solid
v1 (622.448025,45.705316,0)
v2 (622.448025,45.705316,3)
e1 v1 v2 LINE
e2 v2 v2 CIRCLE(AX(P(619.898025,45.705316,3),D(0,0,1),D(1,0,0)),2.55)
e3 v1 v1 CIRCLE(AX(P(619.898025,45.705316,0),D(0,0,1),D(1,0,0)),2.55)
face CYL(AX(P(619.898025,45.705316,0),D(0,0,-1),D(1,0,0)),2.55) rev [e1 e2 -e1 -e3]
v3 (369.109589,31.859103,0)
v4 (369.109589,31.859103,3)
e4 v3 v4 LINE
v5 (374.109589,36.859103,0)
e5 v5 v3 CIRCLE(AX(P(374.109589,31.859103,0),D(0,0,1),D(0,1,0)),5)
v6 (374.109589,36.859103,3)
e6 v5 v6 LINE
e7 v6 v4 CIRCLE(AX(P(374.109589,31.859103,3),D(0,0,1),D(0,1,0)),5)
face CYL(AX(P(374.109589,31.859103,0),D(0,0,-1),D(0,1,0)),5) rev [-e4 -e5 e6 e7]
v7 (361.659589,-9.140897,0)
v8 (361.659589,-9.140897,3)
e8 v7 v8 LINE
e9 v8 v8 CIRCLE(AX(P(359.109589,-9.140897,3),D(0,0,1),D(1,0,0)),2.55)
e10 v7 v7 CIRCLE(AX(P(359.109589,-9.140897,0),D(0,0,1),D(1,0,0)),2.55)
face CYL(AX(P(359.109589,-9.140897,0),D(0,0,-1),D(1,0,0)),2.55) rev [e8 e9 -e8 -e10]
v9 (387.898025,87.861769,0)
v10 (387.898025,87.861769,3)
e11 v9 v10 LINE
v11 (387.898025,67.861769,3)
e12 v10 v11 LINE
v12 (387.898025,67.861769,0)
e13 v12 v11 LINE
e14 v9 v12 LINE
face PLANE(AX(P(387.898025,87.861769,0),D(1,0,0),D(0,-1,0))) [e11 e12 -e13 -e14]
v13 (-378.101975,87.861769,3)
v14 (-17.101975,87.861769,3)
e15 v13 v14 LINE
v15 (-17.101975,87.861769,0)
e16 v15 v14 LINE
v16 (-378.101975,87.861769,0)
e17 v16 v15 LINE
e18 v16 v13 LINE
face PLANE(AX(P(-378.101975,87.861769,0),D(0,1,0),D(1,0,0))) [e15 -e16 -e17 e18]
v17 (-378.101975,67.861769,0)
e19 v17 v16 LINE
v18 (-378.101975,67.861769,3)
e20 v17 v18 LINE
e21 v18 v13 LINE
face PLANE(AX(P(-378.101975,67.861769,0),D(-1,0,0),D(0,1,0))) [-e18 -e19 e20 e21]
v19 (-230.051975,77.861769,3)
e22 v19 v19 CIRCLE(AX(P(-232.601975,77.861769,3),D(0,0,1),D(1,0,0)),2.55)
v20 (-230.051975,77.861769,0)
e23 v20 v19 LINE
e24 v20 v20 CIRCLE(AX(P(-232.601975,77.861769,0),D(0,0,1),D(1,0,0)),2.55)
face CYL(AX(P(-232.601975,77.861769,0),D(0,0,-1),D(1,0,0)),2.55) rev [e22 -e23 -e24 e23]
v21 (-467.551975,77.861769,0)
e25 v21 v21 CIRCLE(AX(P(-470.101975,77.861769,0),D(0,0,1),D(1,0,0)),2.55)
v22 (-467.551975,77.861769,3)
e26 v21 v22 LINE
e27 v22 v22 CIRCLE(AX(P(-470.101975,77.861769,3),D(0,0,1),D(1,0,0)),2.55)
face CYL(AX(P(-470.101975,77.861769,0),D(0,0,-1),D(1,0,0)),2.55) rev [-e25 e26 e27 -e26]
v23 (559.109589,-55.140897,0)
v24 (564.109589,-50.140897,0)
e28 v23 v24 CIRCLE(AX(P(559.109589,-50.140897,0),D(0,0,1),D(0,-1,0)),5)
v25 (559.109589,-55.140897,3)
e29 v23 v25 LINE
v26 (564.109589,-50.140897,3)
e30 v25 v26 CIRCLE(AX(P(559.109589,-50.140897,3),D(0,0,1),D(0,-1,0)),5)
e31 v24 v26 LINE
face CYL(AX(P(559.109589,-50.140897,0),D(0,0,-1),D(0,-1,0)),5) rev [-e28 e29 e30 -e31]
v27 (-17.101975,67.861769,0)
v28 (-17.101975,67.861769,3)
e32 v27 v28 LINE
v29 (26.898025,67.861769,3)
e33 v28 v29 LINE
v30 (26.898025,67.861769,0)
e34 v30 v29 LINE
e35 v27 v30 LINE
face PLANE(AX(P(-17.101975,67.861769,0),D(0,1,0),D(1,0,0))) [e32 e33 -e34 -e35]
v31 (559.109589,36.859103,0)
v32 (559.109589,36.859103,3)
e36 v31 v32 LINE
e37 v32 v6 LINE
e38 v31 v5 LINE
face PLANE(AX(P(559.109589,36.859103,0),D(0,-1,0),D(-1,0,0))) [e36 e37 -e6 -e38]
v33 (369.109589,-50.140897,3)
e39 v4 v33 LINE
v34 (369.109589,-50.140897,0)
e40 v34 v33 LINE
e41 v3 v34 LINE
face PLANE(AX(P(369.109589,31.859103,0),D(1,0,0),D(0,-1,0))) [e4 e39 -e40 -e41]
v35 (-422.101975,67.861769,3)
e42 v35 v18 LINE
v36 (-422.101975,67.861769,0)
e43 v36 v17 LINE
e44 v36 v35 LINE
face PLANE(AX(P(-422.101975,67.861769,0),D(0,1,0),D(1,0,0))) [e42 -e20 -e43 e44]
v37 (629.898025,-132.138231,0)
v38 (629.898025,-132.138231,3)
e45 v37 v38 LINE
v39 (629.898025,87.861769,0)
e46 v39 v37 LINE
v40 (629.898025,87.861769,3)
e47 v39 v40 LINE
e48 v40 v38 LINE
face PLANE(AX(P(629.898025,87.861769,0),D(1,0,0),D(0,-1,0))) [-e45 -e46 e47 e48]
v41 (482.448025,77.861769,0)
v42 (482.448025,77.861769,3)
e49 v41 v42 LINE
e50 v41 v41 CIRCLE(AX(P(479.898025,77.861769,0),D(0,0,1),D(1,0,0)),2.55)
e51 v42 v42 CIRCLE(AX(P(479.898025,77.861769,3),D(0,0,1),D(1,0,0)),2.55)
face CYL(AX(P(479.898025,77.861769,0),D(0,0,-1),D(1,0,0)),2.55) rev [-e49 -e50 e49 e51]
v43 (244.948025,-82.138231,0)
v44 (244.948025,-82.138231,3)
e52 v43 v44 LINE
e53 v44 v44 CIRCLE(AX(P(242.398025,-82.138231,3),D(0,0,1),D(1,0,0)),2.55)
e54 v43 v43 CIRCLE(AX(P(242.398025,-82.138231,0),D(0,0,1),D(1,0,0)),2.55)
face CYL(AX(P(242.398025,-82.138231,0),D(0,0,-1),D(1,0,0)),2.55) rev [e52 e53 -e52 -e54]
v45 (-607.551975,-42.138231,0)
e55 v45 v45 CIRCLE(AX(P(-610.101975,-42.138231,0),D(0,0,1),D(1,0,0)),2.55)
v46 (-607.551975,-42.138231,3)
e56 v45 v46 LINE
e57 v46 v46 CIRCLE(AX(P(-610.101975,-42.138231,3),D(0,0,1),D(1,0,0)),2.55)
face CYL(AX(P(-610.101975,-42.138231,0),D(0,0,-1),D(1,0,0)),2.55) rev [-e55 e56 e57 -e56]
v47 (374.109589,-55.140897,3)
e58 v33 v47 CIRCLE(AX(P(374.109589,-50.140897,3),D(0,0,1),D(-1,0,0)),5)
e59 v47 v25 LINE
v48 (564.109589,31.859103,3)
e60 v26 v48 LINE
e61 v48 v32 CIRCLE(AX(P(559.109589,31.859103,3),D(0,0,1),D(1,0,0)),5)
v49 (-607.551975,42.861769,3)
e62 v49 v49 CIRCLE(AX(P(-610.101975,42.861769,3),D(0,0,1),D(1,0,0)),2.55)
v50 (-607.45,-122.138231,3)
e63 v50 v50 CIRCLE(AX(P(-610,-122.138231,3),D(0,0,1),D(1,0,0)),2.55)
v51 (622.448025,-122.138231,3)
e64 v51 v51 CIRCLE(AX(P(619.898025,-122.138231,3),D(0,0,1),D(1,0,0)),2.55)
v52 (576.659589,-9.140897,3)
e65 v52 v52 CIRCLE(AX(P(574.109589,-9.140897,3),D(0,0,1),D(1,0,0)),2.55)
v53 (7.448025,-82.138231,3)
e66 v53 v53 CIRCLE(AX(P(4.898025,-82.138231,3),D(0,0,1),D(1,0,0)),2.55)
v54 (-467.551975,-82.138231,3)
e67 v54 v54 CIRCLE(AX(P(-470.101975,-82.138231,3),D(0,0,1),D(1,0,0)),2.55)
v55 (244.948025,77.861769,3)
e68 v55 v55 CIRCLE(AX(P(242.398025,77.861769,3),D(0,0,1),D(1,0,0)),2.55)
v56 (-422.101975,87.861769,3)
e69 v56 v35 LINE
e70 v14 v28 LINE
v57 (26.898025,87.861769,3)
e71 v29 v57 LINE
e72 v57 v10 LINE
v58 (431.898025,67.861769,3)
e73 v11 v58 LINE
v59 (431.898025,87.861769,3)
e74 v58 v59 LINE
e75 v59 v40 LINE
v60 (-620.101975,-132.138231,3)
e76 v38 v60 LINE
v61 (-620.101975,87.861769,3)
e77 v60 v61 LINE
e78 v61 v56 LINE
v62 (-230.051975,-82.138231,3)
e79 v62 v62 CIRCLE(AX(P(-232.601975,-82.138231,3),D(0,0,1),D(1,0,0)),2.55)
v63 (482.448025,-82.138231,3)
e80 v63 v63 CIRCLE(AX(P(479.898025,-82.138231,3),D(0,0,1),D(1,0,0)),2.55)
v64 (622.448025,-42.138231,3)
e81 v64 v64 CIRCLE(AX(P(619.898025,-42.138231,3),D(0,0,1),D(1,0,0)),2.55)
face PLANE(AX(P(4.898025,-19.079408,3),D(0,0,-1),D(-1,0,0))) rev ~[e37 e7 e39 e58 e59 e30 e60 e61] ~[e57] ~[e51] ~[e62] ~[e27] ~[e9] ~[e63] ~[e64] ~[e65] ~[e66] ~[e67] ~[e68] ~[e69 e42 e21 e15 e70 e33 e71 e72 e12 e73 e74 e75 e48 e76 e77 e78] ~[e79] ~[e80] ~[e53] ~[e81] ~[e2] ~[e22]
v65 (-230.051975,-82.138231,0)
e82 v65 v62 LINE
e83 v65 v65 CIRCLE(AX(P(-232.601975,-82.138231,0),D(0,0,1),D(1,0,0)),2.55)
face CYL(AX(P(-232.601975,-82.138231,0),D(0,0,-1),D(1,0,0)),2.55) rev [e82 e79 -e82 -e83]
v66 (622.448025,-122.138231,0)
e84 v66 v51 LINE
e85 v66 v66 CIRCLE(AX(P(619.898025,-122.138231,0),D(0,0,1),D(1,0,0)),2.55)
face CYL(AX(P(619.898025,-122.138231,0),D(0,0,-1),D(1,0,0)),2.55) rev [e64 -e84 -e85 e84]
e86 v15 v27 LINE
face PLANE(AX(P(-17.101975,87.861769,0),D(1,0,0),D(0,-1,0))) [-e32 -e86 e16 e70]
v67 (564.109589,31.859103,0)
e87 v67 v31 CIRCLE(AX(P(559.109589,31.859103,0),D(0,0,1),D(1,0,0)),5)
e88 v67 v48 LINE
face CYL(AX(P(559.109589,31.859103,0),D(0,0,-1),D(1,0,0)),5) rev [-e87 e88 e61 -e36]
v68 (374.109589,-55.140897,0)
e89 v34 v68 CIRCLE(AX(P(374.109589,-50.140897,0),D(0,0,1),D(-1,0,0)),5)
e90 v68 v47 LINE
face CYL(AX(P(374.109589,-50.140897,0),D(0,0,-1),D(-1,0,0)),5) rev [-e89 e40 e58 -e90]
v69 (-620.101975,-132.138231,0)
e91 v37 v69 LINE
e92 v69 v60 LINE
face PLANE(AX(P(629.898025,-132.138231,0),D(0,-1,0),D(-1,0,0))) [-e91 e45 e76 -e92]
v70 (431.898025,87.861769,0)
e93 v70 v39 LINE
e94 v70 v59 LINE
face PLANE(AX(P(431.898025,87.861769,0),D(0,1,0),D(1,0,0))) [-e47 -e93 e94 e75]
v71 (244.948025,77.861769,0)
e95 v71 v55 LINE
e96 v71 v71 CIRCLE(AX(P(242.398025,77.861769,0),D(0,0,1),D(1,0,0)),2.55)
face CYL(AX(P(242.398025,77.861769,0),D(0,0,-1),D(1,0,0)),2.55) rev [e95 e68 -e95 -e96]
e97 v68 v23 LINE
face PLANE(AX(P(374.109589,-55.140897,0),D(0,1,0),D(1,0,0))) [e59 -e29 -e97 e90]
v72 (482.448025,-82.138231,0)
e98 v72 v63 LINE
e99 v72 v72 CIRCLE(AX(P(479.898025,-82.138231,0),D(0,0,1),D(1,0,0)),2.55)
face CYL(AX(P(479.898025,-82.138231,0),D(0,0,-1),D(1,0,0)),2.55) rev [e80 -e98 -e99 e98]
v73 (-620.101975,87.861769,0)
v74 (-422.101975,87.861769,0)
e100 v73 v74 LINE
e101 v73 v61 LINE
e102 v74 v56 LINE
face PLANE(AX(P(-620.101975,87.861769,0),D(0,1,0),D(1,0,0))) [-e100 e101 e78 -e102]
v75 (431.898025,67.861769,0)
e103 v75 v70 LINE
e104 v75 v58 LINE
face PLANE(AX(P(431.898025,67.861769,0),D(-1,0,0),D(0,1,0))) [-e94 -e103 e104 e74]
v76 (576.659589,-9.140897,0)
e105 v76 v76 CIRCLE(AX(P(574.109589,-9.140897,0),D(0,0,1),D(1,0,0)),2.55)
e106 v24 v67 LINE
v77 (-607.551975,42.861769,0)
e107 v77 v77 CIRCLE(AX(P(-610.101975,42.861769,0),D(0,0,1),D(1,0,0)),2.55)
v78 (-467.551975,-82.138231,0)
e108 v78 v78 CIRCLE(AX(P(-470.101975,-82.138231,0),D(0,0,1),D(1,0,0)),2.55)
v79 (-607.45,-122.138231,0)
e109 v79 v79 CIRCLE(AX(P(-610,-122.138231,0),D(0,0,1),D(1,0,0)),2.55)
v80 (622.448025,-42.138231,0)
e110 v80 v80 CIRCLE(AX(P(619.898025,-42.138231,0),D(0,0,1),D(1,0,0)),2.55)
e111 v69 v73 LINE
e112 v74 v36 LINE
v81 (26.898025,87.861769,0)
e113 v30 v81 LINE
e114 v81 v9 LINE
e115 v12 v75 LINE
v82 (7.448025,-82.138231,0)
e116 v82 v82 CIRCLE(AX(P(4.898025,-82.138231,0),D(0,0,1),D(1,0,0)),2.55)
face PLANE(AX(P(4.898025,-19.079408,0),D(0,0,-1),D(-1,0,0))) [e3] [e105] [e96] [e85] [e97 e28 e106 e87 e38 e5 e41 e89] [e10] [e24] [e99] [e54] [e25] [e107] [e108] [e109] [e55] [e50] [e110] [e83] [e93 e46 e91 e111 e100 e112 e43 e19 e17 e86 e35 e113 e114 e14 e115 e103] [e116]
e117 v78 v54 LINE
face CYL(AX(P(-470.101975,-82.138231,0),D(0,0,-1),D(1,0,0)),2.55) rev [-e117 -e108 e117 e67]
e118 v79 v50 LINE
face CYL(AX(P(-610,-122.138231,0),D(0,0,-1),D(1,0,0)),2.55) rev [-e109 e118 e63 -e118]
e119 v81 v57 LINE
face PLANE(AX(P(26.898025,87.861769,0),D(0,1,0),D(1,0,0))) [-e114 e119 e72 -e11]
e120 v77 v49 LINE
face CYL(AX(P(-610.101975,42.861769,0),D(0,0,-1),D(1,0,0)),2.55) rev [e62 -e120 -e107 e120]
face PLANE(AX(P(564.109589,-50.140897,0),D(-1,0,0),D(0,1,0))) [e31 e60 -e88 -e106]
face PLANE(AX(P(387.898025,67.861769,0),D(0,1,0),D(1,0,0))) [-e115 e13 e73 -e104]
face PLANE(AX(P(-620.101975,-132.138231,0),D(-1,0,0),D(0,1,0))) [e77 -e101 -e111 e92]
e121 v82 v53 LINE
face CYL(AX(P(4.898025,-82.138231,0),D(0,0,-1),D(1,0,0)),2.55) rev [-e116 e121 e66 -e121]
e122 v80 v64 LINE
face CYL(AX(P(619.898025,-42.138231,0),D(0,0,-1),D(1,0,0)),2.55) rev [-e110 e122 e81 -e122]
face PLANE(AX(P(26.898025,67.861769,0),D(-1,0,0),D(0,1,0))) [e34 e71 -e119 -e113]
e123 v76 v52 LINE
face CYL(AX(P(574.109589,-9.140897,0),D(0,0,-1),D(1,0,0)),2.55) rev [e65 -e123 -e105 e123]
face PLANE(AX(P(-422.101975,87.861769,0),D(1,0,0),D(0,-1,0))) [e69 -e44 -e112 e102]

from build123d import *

# Parameters (mm, degrees)
SKETCH1_R           = 2.55
BOSS_EXTRUDE1_DEPTH = 3


with BuildPart() as part:
    # Sketch1 → Boss-Extrude1 (new body)
    with BuildSketch(Plane.XY):
        Polygon((431.898025048, 87.861768757), (629.898025048, 87.861768757), (629.898025048, -132.138231243), (-620.101974952, -132.138231243), (-620.101974952, 87.861768757), (-422.101974952, 87.861768757), (-422.101974952, 67.861768757), (-378.101974952, 67.861768757), (-378.101974952, 87.861768757), (-17.101974952, 87.861768757), (-17.101974952, 67.861768757), (26.898025048, 67.861768757), (26.898025048, 87.861768757), (387.898025048, 87.861768757), (387.898025048, 67.861768757), (431.898025048, 67.861768757), align=None)
        with Locations((242.398025048, 77.861768757)):
            Circle(SKETCH1_R, mode=Mode.SUBTRACT)
        with Locations((-610.101974952, 42.861768757)):
            Circle(SKETCH1_R, mode=Mode.SUBTRACT)
        with Locations((-232.601974952, 77.861768757)):
            Circle(SKETCH1_R, mode=Mode.SUBTRACT)
        with Locations((-470.101974952, 77.861768757)):
            Circle(SKETCH1_R, mode=Mode.SUBTRACT)
        with Locations((479.898025048, 77.861768757)):
            Circle(SKETCH1_R, mode=Mode.SUBTRACT)
        with Locations((479.898025048, -82.138231243)):
            Circle(SKETCH1_R, mode=Mode.SUBTRACT)
        with Locations((242.398025048, -82.138231243)):
            Circle(SKETCH1_R, mode=Mode.SUBTRACT)
        with Locations((4.898025048, -82.138231243)):
            Circle(SKETCH1_R, mode=Mode.SUBTRACT)
        with Locations((-232.601974952, -82.138231243)):
            Circle(SKETCH1_R, mode=Mode.SUBTRACT)
        with Locations((-470.101974952, -82.138231243)):
            Circle(SKETCH1_R, mode=Mode.SUBTRACT)
        with Locations((619.898025048, -42.138231243)):
            Circle(SKETCH1_R, mode=Mode.SUBTRACT)
        with Locations((-610.101974952, -42.138231243)):
            Circle(SKETCH1_R, mode=Mode.SUBTRACT)
        with Locations((-610, -122.138231243)):
            Circle(SKETCH1_R, mode=Mode.SUBTRACT)
        with Locations((619.898025048, 45.705315607)):
            Circle(SKETCH1_R, mode=Mode.SUBTRACT)
        with Locations((619.898025048, -122.138231243)):
            Circle(SKETCH1_R, mode=Mode.SUBTRACT)
        with Locations((574.10958906, -9.140897424)):
            Circle(SKETCH1_R, mode=Mode.SUBTRACT)
        with Locations((359.10958906, -9.140897424)):
            Circle(SKETCH1_R, mode=Mode.SUBTRACT)
        with BuildLine():
            Line((559.10958906, 36.859102576), (374.10958906, 36.859102576))
            ThreePointArc((374.10958906, 36.859102576), (370.574055154, 35.394636482), (369.10958906, 31.859102576))
            Line((369.10958906, 31.859102576), (369.10958906, -50.140897424))
            ThreePointArc((369.10958906, -50.140897424), (370.574055154, -53.67643133), (374.10958906, -55.140897424))
            Line((374.10958906, -55.140897424), (559.10958906, -55.140897424))
            ThreePointArc((559.10958906, -55.140897424), (562.645122966, -53.67643133), (564.10958906, -50.140897424))
            Line((564.10958906, -50.140897424), (564.10958906, 31.859102576))
            ThreePointArc((564.10958906, 31.859102576), (562.645122966, 35.394636482), (559.10958906, 36.859102576))
        make_face(mode=Mode.SUBTRACT)
    extrude(amount=BOSS_EXTRUDE1_DEPTH)


solid = part.part
